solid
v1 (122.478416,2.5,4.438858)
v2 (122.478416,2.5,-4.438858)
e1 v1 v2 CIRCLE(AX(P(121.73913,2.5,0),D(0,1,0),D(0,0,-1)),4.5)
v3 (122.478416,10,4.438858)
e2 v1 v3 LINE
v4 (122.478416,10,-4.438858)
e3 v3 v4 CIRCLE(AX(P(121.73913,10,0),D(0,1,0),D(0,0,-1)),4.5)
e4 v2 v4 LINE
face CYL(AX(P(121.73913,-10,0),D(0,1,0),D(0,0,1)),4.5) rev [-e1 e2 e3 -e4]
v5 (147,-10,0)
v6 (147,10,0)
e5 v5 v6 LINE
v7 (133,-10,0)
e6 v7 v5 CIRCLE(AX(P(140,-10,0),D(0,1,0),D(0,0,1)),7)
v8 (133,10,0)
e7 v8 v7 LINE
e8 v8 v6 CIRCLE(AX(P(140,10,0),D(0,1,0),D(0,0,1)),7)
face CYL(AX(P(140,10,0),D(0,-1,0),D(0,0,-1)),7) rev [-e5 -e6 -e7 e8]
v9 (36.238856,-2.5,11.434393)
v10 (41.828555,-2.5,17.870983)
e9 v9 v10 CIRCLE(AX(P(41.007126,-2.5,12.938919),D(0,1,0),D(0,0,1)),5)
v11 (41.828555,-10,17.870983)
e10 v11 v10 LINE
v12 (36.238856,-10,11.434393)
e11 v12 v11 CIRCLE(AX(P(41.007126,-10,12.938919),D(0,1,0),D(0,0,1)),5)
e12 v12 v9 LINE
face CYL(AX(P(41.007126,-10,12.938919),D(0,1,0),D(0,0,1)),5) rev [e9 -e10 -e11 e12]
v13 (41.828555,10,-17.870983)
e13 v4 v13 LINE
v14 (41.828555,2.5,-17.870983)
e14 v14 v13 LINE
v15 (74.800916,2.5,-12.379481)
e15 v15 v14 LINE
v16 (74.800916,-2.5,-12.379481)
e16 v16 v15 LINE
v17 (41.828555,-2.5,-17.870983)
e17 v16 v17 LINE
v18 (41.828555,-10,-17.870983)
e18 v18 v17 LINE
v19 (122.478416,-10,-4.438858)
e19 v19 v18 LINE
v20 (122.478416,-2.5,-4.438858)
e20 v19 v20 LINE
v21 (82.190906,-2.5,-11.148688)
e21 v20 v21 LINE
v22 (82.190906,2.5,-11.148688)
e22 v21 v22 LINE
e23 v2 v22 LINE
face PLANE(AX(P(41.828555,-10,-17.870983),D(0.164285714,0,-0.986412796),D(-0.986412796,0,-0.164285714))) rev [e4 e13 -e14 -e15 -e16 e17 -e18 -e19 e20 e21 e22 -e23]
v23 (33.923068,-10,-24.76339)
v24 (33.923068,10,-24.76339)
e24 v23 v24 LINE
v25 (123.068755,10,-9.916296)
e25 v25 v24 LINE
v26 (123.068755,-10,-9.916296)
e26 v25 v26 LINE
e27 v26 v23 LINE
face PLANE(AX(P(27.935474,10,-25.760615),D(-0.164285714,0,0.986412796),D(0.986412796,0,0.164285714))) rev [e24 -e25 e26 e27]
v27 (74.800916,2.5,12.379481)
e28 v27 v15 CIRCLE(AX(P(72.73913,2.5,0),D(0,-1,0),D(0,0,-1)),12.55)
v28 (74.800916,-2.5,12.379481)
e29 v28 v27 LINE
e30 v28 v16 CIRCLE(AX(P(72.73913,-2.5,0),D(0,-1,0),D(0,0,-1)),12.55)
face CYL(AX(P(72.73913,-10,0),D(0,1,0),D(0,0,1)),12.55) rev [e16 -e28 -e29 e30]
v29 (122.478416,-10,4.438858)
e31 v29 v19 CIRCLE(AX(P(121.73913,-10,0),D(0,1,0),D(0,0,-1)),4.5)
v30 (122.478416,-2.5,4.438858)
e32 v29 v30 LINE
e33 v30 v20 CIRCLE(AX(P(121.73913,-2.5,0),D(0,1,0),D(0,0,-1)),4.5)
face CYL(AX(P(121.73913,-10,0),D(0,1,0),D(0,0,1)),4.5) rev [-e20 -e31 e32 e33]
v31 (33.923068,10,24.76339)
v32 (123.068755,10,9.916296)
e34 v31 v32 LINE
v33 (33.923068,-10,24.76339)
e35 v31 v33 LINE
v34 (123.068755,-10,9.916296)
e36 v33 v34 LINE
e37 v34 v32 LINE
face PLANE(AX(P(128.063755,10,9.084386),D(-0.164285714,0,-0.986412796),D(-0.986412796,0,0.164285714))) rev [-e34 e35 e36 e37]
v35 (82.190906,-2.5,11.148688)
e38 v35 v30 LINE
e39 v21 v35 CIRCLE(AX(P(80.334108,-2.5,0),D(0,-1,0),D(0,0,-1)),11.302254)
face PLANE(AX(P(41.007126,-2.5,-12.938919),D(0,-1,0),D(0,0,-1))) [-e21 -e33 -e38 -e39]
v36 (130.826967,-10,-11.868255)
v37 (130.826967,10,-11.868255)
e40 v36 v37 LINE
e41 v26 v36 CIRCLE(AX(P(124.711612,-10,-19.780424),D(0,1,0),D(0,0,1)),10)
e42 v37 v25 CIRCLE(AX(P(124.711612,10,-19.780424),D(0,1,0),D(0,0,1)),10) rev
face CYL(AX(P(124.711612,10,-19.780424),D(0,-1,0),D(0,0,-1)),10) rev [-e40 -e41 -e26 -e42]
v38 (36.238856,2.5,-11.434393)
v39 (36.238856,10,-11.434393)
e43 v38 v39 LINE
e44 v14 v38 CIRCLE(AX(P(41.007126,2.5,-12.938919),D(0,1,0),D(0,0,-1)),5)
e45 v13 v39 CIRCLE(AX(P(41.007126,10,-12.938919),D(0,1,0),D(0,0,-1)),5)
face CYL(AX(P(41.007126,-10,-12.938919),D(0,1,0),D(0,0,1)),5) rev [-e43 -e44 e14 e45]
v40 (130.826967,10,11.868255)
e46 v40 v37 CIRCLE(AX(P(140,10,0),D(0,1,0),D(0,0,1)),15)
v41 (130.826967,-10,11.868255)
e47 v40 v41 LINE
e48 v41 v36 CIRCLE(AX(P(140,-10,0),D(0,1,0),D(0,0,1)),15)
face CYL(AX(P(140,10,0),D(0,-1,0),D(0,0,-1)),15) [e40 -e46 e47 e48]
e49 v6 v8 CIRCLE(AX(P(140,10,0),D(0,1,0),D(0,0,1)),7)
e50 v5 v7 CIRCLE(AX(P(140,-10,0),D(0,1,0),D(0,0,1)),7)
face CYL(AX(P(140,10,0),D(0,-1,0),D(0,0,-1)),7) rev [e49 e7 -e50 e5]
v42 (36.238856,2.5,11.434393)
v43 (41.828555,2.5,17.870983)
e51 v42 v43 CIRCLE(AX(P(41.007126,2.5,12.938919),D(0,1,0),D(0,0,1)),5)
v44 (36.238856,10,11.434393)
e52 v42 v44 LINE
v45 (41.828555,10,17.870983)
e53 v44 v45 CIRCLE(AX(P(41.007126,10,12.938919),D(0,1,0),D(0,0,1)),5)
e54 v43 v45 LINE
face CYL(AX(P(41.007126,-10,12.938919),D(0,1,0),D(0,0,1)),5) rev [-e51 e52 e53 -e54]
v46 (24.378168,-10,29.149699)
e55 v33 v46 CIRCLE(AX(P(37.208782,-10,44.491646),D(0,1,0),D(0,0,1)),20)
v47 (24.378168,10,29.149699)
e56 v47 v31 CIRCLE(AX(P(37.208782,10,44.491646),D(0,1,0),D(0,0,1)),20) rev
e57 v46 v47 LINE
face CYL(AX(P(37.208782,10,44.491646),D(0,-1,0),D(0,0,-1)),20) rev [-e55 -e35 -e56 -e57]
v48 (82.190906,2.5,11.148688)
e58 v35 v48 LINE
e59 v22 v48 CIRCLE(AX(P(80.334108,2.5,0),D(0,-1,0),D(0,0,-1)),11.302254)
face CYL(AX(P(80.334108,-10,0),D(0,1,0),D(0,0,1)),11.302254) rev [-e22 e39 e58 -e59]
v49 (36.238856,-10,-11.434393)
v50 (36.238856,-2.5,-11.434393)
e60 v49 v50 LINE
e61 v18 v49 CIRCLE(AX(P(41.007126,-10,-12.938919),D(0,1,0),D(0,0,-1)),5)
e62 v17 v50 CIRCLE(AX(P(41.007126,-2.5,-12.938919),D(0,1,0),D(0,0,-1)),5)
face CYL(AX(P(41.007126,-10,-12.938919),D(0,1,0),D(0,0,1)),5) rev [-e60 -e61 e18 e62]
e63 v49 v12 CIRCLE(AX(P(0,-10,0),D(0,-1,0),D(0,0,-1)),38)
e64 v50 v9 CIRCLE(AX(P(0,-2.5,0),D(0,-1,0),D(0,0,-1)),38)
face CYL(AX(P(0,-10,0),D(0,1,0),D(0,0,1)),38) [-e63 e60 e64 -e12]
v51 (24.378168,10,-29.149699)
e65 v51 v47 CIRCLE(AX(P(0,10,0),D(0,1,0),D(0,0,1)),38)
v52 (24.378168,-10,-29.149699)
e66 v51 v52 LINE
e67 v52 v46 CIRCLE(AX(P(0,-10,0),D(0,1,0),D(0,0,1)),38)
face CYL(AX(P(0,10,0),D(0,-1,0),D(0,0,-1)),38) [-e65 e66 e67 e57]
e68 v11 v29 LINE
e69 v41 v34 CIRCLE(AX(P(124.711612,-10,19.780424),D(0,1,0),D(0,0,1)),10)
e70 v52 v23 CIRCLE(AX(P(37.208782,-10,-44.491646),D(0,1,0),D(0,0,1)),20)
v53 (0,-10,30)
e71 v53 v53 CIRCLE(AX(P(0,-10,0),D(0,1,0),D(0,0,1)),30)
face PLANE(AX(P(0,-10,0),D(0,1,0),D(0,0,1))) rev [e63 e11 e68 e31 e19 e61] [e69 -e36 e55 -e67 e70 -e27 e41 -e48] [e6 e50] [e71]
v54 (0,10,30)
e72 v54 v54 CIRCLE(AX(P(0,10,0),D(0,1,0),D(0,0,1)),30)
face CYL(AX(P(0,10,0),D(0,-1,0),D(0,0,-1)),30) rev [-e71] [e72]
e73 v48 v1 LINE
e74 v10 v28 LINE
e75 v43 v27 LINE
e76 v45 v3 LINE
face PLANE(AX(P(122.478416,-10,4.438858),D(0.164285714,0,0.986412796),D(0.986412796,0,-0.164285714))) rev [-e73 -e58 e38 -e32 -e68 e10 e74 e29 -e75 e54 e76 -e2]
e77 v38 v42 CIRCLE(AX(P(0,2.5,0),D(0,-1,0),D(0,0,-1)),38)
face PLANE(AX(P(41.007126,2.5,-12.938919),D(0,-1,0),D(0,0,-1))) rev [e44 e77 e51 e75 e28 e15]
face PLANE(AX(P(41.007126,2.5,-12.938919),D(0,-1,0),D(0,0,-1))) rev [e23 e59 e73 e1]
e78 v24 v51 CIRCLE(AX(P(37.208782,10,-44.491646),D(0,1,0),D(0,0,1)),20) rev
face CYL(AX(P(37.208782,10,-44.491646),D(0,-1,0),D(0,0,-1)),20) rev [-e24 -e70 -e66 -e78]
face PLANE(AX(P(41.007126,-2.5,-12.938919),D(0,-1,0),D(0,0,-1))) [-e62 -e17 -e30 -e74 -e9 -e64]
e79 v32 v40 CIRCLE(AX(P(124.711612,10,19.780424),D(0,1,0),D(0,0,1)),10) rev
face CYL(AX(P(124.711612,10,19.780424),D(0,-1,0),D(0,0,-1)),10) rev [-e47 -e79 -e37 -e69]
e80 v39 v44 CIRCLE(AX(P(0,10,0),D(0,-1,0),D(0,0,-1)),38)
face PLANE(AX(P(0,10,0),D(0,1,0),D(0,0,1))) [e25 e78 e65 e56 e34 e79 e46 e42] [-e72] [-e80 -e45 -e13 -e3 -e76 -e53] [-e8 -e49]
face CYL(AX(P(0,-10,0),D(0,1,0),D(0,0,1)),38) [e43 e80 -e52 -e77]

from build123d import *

# Parameters (mm, degrees)
SKETCH1_R           = 30
SKETCH1_R_2         = 7
BOSS_EXTRUDE1_DEPTH = 10
FILLET1_R           = 10
FILLET2_R           = 20
CUT_EXTRUDE4_DEPTH  = 21
BOSS_EXTRUDE2_DEPTH = 2.5
CUT_EXTRUDE3_DEPTH  = 21


with BuildPart() as part:
    # Sketch1 → Boss-Extrude1 (new body, symmetric)
    with BuildSketch(Plane(origin=(0, 0, 0), x_dir=(1, 0, 0), z_dir=(0, 1, 0))):
        with BuildLine():
            Line((27.935473676, 25.760615491), (128.063755469, 9.084385863))
            ThreePointArc((128.063755469, 9.084385863), (155, 0), (128.063755469, -9.084385863))
            Line((128.063755469, -9.084385863), (27.935473676, -25.760615491))
            ThreePointArc((27.935473676, -25.760615491), (-38, 0), (27.935473676, 25.760615491))
        make_face()
        Circle(SKETCH1_R, mode=Mode.SUBTRACT)
        with Locations((140, 0)):
            Circle(SKETCH1_R_2, mode=Mode.SUBTRACT)
    extrude(amount=BOSS_EXTRUDE1_DEPTH, both=True)

    # Fillet1
    fillet1_edges = [part.edges().sort_by_distance(p)[0] for p in [
        (128.063755469, 0, -9.084385863),
        (128.063755469, 0, 9.084385863),
    ]]
    fillet(fillet1_edges, radius=FILLET1_R)

    # Fillet2
    fillet2_edges = [part.edges().sort_by_distance(p)[0] for p in [
        (27.935473676, 0, -25.760615491),
        (27.935473676, 0, 25.760615491),
    ]]
    fillet(fillet2_edges, radius=FILLET2_R)

    # Sketch14 → Cut-Extrude4 (cut, through all)
    with BuildSketch(Plane(origin=(0, 10, 0), x_dir=(1, 0, 0), z_dir=(0, 1, 0))):
        with BuildLine():
            Line((41.828554558, 17.870982725), (122.478416149, 4.438857582))
            ThreePointArc((122.478416149, 4.438857582), (126.239130435, 0), (122.478416149, -4.438857582))
            Line((122.478416149, -4.438857582), (41.828554558, -17.870982725))
            ThreePointArc((41.828554558, -17.870982725), (37.231968897, -16.217361812), (36.238855523, -11.43439331))
            ThreePointArc((36.238855523, -11.43439331), (38, 0), (36.238855523, 11.43439331))
            ThreePointArc((36.238855523, 11.43439331), (37.231968897, 16.217361812), (41.828554558, 17.870982725))
        make_face()
    extrude(amount=-CUT_EXTRUDE4_DEPTH, mode=Mode.SUBTRACT)

    # Sketch11 → Boss-Extrude2 (add, symmetric)
    with BuildSketch(Plane(origin=(0, 0, 0), x_dir=(1, 0, 0), z_dir=(0, 1, 0))):
        with BuildLine():
            Line((41.828554558, 17.870982725), (122.478416149, 4.438857582))
            ThreePointArc((122.478416149, 4.438857582), (126.239130435, 0), (122.478416149, -4.438857582))
            Line((122.478416149, -4.438857582), (41.828554558, -17.870982725))
            ThreePointArc((41.828554558, -17.870982725), (37.231968897, -16.217361812), (36.238855523, -11.43439331))
            ThreePointArc((36.238855523, -11.43439331), (38, 0), (36.238855523, 11.43439331))
            ThreePointArc((36.238855523, 11.43439331), (37.231968897, 16.217361812), (41.828554558, 17.870982725))
        make_face()
    extrude(amount=BOSS_EXTRUDE2_DEPTH, both=True)

    # Sketch2 → Cut-Extrude3 (cut, through all)
    with BuildSketch(Plane(origin=(0, 10, 0), x_dir=(1, 0, 0), z_dir=(0, 1, 0))):
        with BuildLine():
            Line((74.800916149, 12.37948059), (82.190906374, 11.148687733))
            ThreePointArc((82.190906374, 11.148687733), (91.636361303, 0), (82.190906374, -11.148687733))
            Line((82.190906374, -11.148687733), (74.800916149, -12.37948059))
            ThreePointArc((74.800916149, -12.37948059), (60.189130435, 0), (74.800916149, 12.37948059))
        make_face()
    extrude(amount=-CUT_EXTRUDE3_DEPTH, mode=Mode.SUBTRACT)


solid = part.part
